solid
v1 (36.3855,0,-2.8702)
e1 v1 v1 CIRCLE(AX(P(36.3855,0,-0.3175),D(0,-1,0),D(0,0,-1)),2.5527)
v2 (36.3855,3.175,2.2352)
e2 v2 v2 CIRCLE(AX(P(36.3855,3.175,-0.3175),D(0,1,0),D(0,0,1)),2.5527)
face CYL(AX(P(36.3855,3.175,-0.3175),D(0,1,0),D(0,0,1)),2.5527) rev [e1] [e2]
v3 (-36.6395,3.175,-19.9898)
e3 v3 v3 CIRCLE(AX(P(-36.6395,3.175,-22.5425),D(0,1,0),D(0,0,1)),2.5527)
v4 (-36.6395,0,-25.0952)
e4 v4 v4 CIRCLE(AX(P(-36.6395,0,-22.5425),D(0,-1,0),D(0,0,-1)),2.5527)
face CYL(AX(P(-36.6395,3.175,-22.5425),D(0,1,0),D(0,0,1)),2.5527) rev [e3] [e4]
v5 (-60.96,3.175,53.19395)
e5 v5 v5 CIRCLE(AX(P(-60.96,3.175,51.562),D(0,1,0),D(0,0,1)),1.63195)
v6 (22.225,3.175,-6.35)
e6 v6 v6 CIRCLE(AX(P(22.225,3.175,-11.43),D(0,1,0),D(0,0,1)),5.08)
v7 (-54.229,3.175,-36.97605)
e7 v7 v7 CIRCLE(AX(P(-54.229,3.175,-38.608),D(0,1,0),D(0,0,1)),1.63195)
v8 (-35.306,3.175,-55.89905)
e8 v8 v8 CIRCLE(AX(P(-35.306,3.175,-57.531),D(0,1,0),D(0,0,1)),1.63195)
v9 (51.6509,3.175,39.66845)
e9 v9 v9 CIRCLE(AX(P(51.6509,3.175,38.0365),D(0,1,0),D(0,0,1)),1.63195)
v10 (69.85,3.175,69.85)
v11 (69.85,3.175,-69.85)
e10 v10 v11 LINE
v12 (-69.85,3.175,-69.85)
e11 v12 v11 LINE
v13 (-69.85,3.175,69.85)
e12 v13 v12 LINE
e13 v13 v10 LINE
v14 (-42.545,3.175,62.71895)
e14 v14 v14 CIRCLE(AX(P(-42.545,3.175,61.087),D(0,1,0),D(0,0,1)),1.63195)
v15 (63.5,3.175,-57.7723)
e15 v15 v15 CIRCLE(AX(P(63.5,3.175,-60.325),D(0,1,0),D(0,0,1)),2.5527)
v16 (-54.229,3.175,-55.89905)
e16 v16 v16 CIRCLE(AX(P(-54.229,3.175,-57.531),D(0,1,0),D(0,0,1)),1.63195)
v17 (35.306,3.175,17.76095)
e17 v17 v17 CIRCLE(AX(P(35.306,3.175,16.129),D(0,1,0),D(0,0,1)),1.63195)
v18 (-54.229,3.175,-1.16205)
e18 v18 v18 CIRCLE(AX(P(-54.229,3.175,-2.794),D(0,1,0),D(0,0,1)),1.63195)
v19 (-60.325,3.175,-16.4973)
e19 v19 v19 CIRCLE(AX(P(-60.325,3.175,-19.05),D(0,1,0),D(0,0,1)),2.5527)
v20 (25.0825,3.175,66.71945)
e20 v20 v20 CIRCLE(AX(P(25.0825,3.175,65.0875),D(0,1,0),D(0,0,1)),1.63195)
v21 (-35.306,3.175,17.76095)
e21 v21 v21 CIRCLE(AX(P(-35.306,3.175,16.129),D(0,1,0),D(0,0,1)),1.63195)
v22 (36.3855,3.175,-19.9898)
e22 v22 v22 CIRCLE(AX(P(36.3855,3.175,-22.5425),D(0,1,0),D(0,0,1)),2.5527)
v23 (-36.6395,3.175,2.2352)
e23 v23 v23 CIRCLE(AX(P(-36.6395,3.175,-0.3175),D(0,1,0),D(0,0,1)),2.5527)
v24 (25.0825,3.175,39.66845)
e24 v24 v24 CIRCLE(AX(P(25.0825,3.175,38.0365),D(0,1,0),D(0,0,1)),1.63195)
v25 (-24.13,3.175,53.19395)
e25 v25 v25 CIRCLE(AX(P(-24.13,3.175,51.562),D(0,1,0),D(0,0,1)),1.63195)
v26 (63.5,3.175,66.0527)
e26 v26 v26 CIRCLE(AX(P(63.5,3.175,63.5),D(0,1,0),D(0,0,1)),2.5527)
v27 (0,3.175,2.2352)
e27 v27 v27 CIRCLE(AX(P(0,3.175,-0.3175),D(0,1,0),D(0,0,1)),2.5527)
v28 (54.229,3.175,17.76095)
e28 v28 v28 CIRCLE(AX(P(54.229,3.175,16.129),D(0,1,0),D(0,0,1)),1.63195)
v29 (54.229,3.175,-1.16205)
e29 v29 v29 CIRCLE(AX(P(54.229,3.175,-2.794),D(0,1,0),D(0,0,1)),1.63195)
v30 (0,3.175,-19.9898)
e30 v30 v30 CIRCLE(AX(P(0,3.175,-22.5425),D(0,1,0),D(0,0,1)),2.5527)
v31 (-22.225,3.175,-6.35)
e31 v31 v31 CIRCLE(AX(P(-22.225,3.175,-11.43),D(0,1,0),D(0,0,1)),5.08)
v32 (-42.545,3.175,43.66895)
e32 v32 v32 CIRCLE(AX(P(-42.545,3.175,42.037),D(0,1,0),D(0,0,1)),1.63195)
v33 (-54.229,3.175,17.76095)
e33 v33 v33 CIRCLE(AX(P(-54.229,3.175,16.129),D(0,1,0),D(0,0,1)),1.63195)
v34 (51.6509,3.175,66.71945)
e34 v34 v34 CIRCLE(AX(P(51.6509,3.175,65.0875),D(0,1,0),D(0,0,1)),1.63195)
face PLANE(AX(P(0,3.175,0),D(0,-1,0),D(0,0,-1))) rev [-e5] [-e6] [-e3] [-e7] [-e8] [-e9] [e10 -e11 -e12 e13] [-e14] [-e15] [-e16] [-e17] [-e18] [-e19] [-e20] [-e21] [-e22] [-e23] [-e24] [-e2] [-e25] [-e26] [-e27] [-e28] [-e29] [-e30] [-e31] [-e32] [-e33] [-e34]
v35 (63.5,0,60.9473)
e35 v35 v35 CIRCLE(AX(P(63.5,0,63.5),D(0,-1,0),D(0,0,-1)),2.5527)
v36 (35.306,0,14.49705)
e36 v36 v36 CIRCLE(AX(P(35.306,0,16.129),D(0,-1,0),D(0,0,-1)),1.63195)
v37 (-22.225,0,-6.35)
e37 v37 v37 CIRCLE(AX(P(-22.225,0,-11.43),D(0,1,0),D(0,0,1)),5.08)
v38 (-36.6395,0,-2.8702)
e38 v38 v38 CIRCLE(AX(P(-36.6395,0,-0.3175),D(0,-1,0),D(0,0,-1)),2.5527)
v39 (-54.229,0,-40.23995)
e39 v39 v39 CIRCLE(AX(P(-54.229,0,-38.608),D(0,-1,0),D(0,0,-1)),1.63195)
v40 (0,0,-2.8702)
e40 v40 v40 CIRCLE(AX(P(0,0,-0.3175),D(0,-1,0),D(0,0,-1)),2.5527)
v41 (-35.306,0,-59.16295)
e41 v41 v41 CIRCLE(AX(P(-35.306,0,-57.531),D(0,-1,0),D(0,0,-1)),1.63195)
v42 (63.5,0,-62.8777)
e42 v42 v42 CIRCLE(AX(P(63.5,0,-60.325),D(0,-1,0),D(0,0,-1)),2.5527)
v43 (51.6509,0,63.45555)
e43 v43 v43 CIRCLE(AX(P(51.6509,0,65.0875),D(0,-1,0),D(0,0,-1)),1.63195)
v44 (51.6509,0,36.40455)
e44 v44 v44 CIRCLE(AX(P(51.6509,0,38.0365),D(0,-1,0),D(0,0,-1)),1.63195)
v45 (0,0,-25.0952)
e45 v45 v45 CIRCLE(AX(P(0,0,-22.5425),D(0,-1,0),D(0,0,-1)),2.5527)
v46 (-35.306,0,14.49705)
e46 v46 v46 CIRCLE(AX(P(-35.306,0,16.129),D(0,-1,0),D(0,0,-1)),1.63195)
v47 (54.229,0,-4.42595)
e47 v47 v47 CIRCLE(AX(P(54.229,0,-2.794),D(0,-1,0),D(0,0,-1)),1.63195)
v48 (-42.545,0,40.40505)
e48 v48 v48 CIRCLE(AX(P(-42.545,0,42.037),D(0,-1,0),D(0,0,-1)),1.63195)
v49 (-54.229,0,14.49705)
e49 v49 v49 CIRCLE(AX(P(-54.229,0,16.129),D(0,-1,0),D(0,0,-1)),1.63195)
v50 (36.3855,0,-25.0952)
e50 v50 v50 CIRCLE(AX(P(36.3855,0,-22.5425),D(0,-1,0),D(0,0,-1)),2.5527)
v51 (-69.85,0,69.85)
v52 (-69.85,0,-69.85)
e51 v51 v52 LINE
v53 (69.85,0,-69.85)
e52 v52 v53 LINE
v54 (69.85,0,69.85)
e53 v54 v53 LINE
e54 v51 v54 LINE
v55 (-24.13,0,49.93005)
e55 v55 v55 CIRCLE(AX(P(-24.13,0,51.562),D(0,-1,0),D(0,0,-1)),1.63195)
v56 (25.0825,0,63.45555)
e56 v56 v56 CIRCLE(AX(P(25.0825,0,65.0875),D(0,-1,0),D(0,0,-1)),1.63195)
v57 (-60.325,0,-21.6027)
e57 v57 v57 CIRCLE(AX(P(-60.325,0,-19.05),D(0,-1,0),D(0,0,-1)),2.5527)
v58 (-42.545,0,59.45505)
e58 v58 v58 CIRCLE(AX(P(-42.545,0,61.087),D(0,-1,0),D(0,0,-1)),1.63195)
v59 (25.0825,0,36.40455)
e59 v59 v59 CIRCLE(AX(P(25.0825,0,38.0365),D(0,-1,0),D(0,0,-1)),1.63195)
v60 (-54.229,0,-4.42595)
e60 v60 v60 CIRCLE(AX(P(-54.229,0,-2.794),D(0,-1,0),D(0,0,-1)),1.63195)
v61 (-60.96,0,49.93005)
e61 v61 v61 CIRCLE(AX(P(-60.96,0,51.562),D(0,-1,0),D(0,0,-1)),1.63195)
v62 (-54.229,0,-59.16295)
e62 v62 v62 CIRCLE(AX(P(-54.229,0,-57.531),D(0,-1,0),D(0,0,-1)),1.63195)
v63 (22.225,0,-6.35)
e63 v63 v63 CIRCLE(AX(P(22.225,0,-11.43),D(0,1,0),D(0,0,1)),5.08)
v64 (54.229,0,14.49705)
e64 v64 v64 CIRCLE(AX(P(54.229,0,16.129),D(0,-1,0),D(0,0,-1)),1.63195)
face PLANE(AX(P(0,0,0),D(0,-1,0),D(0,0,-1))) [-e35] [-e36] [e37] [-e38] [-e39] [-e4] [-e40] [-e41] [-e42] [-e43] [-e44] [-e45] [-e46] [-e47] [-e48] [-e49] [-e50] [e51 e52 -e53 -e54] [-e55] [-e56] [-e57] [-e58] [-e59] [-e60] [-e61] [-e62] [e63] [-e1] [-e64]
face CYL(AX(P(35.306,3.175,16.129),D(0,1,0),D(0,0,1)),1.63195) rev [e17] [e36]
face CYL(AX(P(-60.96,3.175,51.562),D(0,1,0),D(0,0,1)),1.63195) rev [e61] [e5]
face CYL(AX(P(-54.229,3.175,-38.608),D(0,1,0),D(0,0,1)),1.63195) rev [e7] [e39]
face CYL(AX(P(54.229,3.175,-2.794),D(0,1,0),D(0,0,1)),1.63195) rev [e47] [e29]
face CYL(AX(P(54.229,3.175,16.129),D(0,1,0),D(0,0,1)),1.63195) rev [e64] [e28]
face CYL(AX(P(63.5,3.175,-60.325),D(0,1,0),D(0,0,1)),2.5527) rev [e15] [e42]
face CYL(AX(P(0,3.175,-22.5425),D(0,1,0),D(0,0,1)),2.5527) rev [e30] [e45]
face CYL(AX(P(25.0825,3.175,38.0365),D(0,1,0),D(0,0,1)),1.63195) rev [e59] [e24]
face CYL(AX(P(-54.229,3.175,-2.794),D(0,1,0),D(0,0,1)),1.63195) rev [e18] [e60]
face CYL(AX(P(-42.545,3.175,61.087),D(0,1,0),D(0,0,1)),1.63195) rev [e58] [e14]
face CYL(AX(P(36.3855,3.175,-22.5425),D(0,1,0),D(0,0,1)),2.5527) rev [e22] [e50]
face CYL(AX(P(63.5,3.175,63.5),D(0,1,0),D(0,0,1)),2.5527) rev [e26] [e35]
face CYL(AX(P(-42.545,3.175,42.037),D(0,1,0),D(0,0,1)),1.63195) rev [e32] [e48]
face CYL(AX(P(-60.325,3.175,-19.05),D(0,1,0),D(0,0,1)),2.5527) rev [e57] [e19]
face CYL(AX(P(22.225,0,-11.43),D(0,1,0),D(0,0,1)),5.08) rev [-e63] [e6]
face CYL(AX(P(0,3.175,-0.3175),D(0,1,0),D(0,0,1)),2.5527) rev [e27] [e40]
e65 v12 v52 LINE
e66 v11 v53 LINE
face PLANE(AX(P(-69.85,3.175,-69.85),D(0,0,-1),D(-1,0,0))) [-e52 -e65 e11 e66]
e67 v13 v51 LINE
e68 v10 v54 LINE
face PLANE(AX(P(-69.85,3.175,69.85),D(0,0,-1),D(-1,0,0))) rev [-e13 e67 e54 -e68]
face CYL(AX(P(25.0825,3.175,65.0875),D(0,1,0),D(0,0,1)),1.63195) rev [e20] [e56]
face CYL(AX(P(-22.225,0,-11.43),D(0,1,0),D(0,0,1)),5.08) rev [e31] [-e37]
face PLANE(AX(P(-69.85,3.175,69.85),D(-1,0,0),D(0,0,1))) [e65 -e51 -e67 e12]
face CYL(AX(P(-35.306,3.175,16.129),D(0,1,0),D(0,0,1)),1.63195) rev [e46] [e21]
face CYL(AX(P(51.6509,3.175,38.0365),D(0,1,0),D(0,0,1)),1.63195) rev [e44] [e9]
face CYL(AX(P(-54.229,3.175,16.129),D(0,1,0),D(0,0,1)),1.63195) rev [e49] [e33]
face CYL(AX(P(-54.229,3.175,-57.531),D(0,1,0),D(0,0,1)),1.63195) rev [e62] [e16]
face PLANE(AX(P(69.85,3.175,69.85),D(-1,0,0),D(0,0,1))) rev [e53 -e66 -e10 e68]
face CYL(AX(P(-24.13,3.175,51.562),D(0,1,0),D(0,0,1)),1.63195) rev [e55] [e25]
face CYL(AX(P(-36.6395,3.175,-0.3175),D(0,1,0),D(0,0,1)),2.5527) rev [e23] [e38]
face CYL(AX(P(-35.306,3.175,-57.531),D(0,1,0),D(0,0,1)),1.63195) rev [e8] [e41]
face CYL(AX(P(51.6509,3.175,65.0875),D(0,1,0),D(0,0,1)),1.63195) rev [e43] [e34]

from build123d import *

# Parameters (mm, degrees)
SKETCH1_W                                     = 139.7
SKETCH1_H                                     = 139.7
PLATE_DEPTH                                   = 3.175
SKETCH2_R                                     = 5.08
FORCE_SENSOR_POST_HOLES_DEPTH                 = 99.833828343
GUIDANCE_SCREW_HOLES_10_CLEARANCE_D           = 5.1054
GEARBOX_MOUNT_HOLES_4_CLEARANCE_D             = 3.2639
GEARBOX_MOUNT_HOLES_4_CLEARANCE_DEPTH         = 7.62
GEARBOX_MOUNT_HOLES_4_CLEARANCE_TIP           = 0.980574487
BEARING_MOUNT_HOLES_4_CLEARANCE_D             = 3.2639
BEARING_MOUNT_HOLES_4_CLEARANCE_DEPTH         = 7.62
BEARING_MOUNT_HOLES_4_CLEARANCE_TIP           = 0.980574487
FORCE_SENSOR_FOUNDATION_HOLES_10_CLEARA_D     = 5.1054
FORCE_SENSOR_FOUNDATION_HOLES_10_CLEARA_DEPTH = 7.62
FORCE_SENSOR_FOUNDATION_HOLES_10_CLEARA_TIP   = 1.533816902
BALL_CASTER_MOUNT_HOLES_4_CLEARANCE_D         = 3.2639
BALL_CASTER_MOUNT_HOLES_4_CLEARANCE_DEPTH     = 7.62
BALL_CASTER_MOUNT_HOLES_4_CLEARANCE_TIP       = 0.980574487


with BuildPart() as part:
    # Sketch1 → Plate (new body)
    with BuildSketch(Plane(origin=(0, 0, 0), x_dir=(1, 0, 0), z_dir=(0, 1, 0))):
        Rectangle(SKETCH1_W, SKETCH1_H)
    extrude(amount=PLATE_DEPTH)

    # Sketch2 → Force Sensor Post Holes (cut, through all)
    with BuildSketch(Plane(origin=(0, 3.175, 0), x_dir=(1, 0, 0), z_dir=(0, 1, 0))):
        with Locations(Location((-22.225, 11.43, 0), (0, 0, 270))):
            Circle(SKETCH2_R)
        with Locations(Location((22.225, 11.43, 0), (0, 0, 270))):
            Circle(SKETCH2_R)
    extrude(amount=-FORCE_SENSOR_POST_HOLES_DEPTH, mode=Mode.SUBTRACT)

    # Guidance Screw Holes (#10 clearance) (through all)
    with Locations(Plane(origin=(0, 3.175, 0), x_dir=(1, 0, 0), z_dir=(0, 1, 0))):
        with Locations((63.5, -63.5), (-60.325, 19.05), (63.5, 60.325)):
            Hole(GUIDANCE_SCREW_HOLES_10_CLEARANCE_D / 2)

    # Gearbox Mount Holes (#4 clearance)
    with Locations(Plane(origin=(0, 3.175, 0), x_dir=(1, 0, 0), z_dir=(0, 1, 0))):
        with Locations((-60.96, -51.562), (-42.545, -42.037), (-24.13, -51.562), (-42.545, -61.087)):
            Hole(GEARBOX_MOUNT_HOLES_4_CLEARANCE_D / 2, depth=GEARBOX_MOUNT_HOLES_4_CLEARANCE_DEPTH)
            with Locations((0, 0, -(GEARBOX_MOUNT_HOLES_4_CLEARANCE_DEPTH + GEARBOX_MOUNT_HOLES_4_CLEARANCE_TIP / 2))):  # 118° drill point
                Cone(0, GEARBOX_MOUNT_HOLES_4_CLEARANCE_D / 2, GEARBOX_MOUNT_HOLES_4_CLEARANCE_TIP, mode=Mode.SUBTRACT)

    # Bearing Mount Holes (#4 clearance)
    with Locations(Plane(origin=(0, 3.175, 0), x_dir=(1, 0, 0), z_dir=(0, 1, 0))):
        with Locations((25.0825, -38.0365), (51.6509, -38.0365), (25.0825, -65.0875), (51.6509, -65.0875)):
            Hole(BEARING_MOUNT_HOLES_4_CLEARANCE_D / 2, depth=BEARING_MOUNT_HOLES_4_CLEARANCE_DEPTH)
            with Locations((0, 0, -(BEARING_MOUNT_HOLES_4_CLEARANCE_DEPTH + BEARING_MOUNT_HOLES_4_CLEARANCE_TIP / 2))):  # 118° drill point
                Cone(0, BEARING_MOUNT_HOLES_4_CLEARANCE_D / 2, BEARING_MOUNT_HOLES_4_CLEARANCE_TIP, mode=Mode.SUBTRACT)

    # Force Sensor Foundation Holes (#10 clearance)
    with Locations(Plane(origin=(0, 3.175, 0), x_dir=(1, 0, 0), z_dir=(0, 1, 0))):
        with Locations((-36.6395, 22.5425), (36.3855, 22.5425), (36.3855, 0.3175), (-36.6395, 0.3175), (0, 0.3175), (0, 22.5425)):
            Hole(FORCE_SENSOR_FOUNDATION_HOLES_10_CLEARA_D / 2, depth=FORCE_SENSOR_FOUNDATION_HOLES_10_CLEARA_DEPTH)
            with Locations((0, 0, -(FORCE_SENSOR_FOUNDATION_HOLES_10_CLEARA_DEPTH + FORCE_SENSOR_FOUNDATION_HOLES_10_CLEARA_TIP / 2))):  # 118° drill point
                Cone(0, FORCE_SENSOR_FOUNDATION_HOLES_10_CLEARA_D / 2, FORCE_SENSOR_FOUNDATION_HOLES_10_CLEARA_TIP, mode=Mode.SUBTRACT)

    # Ball Caster Mount Holes (#4 clearance)
    with Locations(Plane(origin=(0, 3.175, 0), x_dir=(1, 0, 0), z_dir=(0, 1, 0))):
        with Locations((-35.306, 57.531), (-54.229, 57.531), (-54.229, 38.608), (-54.229, 2.794), (-54.229, -16.129), (-35.306, -16.129), (35.306, -16.129), (54.229, -16.129), (54.229, 2.794)):
            Hole(BALL_CASTER_MOUNT_HOLES_4_CLEARANCE_D / 2, depth=BALL_CASTER_MOUNT_HOLES_4_CLEARANCE_DEPTH)
            with Locations((0, 0, -(BALL_CASTER_MOUNT_HOLES_4_CLEARANCE_DEPTH + BALL_CASTER_MOUNT_HOLES_4_CLEARANCE_TIP / 2))):  # 118° drill point
                Cone(0, BALL_CASTER_MOUNT_HOLES_4_CLEARANCE_D / 2, BALL_CASTER_MOUNT_HOLES_4_CLEARANCE_TIP, mode=Mode.SUBTRACT)


solid = part.part
